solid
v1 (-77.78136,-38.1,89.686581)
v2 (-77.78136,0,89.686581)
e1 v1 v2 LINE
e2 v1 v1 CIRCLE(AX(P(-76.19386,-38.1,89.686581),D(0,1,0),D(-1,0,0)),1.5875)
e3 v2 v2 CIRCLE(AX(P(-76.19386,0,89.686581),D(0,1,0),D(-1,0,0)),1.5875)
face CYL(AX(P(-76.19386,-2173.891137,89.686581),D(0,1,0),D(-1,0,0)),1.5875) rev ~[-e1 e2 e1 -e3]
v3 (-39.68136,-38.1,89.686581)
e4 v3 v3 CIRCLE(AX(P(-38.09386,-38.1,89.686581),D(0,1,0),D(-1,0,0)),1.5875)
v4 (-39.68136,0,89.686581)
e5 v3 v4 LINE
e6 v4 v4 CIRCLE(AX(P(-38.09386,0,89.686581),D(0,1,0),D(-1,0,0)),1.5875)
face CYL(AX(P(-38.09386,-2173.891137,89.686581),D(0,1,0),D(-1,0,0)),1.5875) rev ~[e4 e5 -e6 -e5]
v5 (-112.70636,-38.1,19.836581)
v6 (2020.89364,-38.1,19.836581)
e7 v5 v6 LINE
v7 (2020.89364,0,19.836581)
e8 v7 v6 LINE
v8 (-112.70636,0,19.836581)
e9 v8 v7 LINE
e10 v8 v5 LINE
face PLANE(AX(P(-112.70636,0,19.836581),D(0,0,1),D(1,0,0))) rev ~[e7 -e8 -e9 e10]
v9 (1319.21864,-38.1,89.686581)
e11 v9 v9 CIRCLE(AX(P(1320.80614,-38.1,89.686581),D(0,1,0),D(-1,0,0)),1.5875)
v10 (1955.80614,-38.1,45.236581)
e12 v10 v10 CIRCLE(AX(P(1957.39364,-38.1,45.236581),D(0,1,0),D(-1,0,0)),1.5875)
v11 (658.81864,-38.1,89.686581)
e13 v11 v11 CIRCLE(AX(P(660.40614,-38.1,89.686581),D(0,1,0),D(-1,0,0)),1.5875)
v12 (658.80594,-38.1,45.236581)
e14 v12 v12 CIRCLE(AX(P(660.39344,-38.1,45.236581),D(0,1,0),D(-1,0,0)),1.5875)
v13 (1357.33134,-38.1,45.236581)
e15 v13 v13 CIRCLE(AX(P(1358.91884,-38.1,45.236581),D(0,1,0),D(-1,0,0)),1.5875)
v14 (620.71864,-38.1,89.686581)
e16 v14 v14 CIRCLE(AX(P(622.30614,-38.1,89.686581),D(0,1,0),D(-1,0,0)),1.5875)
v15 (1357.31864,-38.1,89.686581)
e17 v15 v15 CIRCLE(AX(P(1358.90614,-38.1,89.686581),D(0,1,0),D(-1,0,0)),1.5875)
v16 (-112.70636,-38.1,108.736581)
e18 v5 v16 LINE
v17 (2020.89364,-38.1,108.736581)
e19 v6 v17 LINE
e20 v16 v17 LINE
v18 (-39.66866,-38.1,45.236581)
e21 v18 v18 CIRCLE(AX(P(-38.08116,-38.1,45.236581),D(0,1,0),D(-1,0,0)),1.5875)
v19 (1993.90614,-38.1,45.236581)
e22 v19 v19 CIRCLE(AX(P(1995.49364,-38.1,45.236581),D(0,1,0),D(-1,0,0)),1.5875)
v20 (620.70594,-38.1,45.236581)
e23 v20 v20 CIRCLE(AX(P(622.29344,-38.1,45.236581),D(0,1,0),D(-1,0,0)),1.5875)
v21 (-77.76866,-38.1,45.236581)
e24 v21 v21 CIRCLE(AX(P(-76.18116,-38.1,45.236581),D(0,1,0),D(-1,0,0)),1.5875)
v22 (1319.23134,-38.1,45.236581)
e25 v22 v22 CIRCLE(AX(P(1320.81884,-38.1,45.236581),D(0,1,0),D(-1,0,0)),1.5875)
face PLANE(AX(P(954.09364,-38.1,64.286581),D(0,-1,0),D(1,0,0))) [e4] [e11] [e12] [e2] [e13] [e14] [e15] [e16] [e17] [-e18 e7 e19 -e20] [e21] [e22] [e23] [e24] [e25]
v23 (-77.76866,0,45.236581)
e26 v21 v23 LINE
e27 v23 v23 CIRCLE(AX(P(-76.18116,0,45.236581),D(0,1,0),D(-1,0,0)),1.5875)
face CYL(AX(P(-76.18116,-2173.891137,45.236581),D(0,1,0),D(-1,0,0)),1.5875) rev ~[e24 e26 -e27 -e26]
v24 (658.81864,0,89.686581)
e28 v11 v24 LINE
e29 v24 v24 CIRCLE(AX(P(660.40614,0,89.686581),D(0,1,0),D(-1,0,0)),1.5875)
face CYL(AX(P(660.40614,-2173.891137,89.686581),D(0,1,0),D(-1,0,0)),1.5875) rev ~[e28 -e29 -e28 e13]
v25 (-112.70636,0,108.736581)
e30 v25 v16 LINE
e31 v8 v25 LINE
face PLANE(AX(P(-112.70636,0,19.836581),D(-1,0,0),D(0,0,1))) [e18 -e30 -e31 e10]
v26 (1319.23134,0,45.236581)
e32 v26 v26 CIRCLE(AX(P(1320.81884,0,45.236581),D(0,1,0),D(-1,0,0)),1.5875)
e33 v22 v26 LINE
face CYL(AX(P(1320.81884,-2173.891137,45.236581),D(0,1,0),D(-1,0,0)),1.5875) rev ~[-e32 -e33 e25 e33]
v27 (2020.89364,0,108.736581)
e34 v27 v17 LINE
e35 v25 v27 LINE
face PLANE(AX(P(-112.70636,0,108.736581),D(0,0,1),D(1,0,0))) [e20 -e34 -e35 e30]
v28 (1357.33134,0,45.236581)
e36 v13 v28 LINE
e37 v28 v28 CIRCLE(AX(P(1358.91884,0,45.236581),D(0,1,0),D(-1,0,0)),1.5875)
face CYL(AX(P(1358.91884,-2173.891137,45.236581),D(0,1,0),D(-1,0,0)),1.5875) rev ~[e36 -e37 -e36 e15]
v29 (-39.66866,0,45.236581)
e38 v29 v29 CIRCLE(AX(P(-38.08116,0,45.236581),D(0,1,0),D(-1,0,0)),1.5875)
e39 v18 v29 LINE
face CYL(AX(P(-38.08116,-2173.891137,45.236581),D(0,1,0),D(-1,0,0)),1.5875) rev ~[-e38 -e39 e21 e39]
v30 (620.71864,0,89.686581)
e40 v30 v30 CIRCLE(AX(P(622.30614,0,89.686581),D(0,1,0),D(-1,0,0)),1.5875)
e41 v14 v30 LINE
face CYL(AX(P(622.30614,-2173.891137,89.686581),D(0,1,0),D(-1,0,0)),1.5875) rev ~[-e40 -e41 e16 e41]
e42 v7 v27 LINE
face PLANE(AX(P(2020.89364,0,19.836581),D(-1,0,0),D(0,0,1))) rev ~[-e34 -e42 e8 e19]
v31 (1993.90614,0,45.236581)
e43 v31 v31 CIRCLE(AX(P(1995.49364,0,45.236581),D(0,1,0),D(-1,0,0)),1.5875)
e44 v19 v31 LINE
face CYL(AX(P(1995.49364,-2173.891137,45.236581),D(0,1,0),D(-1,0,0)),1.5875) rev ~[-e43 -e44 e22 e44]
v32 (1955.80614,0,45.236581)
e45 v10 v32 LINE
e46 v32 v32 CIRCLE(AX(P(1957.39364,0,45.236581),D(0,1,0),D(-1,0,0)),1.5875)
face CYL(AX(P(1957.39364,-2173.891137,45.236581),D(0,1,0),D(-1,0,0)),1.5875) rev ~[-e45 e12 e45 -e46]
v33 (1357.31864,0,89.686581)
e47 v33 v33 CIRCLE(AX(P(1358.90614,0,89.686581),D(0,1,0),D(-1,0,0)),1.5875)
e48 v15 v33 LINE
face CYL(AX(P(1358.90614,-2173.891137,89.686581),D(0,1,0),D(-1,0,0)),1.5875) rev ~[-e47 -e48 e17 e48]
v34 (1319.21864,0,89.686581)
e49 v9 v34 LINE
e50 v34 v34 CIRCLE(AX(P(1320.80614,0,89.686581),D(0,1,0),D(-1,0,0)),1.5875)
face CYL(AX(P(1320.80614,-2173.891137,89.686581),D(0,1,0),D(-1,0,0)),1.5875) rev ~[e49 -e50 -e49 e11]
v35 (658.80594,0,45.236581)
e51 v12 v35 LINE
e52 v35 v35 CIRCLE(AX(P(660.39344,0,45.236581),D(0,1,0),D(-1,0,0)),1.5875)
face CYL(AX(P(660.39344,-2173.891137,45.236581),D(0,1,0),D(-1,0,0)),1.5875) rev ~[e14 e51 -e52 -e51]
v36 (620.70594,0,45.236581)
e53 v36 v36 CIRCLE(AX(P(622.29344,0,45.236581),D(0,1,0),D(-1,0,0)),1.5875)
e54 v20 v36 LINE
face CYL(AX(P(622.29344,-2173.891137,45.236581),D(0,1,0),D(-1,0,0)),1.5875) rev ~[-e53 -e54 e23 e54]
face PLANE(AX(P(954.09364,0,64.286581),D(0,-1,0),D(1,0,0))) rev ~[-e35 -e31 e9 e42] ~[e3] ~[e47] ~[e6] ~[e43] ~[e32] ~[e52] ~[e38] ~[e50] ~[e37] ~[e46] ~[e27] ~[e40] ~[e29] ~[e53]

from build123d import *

# Parameters (mm, degrees)
F0_W     = 2133.6
F0_H     = 88.9
F1_DEPTH = 38.1
F3_D     = 3.175


with BuildPart() as f1:
    # F0 (on Front) → F1 (new body)
    with BuildSketch(Plane.XZ):
        with Locations((954.09364, 64.286581)):
            Rectangle(F0_W, F0_H)
    extrude(amount=F1_DEPTH)

    # F3 (through all)
    with Locations(Plane.XZ.offset(38.1)):
        with Locations((1995.49364, 45.236581), (1957.39364, 45.236581), (1358.90614, 89.686581), (1358.91884, 45.236581), (1320.81884, 45.236581), (1320.80614, 89.686581), (660.39344, 45.236581), (622.29344, 45.236581), (622.30614, 89.686581), (660.40614, 89.686581), (-76.18116, 45.236581), (-38.08116, 45.236581), (-38.09386, 89.686581), (-76.19386, 89.686581)):
            Hole(F3_D / 2)


solid = f1.part
